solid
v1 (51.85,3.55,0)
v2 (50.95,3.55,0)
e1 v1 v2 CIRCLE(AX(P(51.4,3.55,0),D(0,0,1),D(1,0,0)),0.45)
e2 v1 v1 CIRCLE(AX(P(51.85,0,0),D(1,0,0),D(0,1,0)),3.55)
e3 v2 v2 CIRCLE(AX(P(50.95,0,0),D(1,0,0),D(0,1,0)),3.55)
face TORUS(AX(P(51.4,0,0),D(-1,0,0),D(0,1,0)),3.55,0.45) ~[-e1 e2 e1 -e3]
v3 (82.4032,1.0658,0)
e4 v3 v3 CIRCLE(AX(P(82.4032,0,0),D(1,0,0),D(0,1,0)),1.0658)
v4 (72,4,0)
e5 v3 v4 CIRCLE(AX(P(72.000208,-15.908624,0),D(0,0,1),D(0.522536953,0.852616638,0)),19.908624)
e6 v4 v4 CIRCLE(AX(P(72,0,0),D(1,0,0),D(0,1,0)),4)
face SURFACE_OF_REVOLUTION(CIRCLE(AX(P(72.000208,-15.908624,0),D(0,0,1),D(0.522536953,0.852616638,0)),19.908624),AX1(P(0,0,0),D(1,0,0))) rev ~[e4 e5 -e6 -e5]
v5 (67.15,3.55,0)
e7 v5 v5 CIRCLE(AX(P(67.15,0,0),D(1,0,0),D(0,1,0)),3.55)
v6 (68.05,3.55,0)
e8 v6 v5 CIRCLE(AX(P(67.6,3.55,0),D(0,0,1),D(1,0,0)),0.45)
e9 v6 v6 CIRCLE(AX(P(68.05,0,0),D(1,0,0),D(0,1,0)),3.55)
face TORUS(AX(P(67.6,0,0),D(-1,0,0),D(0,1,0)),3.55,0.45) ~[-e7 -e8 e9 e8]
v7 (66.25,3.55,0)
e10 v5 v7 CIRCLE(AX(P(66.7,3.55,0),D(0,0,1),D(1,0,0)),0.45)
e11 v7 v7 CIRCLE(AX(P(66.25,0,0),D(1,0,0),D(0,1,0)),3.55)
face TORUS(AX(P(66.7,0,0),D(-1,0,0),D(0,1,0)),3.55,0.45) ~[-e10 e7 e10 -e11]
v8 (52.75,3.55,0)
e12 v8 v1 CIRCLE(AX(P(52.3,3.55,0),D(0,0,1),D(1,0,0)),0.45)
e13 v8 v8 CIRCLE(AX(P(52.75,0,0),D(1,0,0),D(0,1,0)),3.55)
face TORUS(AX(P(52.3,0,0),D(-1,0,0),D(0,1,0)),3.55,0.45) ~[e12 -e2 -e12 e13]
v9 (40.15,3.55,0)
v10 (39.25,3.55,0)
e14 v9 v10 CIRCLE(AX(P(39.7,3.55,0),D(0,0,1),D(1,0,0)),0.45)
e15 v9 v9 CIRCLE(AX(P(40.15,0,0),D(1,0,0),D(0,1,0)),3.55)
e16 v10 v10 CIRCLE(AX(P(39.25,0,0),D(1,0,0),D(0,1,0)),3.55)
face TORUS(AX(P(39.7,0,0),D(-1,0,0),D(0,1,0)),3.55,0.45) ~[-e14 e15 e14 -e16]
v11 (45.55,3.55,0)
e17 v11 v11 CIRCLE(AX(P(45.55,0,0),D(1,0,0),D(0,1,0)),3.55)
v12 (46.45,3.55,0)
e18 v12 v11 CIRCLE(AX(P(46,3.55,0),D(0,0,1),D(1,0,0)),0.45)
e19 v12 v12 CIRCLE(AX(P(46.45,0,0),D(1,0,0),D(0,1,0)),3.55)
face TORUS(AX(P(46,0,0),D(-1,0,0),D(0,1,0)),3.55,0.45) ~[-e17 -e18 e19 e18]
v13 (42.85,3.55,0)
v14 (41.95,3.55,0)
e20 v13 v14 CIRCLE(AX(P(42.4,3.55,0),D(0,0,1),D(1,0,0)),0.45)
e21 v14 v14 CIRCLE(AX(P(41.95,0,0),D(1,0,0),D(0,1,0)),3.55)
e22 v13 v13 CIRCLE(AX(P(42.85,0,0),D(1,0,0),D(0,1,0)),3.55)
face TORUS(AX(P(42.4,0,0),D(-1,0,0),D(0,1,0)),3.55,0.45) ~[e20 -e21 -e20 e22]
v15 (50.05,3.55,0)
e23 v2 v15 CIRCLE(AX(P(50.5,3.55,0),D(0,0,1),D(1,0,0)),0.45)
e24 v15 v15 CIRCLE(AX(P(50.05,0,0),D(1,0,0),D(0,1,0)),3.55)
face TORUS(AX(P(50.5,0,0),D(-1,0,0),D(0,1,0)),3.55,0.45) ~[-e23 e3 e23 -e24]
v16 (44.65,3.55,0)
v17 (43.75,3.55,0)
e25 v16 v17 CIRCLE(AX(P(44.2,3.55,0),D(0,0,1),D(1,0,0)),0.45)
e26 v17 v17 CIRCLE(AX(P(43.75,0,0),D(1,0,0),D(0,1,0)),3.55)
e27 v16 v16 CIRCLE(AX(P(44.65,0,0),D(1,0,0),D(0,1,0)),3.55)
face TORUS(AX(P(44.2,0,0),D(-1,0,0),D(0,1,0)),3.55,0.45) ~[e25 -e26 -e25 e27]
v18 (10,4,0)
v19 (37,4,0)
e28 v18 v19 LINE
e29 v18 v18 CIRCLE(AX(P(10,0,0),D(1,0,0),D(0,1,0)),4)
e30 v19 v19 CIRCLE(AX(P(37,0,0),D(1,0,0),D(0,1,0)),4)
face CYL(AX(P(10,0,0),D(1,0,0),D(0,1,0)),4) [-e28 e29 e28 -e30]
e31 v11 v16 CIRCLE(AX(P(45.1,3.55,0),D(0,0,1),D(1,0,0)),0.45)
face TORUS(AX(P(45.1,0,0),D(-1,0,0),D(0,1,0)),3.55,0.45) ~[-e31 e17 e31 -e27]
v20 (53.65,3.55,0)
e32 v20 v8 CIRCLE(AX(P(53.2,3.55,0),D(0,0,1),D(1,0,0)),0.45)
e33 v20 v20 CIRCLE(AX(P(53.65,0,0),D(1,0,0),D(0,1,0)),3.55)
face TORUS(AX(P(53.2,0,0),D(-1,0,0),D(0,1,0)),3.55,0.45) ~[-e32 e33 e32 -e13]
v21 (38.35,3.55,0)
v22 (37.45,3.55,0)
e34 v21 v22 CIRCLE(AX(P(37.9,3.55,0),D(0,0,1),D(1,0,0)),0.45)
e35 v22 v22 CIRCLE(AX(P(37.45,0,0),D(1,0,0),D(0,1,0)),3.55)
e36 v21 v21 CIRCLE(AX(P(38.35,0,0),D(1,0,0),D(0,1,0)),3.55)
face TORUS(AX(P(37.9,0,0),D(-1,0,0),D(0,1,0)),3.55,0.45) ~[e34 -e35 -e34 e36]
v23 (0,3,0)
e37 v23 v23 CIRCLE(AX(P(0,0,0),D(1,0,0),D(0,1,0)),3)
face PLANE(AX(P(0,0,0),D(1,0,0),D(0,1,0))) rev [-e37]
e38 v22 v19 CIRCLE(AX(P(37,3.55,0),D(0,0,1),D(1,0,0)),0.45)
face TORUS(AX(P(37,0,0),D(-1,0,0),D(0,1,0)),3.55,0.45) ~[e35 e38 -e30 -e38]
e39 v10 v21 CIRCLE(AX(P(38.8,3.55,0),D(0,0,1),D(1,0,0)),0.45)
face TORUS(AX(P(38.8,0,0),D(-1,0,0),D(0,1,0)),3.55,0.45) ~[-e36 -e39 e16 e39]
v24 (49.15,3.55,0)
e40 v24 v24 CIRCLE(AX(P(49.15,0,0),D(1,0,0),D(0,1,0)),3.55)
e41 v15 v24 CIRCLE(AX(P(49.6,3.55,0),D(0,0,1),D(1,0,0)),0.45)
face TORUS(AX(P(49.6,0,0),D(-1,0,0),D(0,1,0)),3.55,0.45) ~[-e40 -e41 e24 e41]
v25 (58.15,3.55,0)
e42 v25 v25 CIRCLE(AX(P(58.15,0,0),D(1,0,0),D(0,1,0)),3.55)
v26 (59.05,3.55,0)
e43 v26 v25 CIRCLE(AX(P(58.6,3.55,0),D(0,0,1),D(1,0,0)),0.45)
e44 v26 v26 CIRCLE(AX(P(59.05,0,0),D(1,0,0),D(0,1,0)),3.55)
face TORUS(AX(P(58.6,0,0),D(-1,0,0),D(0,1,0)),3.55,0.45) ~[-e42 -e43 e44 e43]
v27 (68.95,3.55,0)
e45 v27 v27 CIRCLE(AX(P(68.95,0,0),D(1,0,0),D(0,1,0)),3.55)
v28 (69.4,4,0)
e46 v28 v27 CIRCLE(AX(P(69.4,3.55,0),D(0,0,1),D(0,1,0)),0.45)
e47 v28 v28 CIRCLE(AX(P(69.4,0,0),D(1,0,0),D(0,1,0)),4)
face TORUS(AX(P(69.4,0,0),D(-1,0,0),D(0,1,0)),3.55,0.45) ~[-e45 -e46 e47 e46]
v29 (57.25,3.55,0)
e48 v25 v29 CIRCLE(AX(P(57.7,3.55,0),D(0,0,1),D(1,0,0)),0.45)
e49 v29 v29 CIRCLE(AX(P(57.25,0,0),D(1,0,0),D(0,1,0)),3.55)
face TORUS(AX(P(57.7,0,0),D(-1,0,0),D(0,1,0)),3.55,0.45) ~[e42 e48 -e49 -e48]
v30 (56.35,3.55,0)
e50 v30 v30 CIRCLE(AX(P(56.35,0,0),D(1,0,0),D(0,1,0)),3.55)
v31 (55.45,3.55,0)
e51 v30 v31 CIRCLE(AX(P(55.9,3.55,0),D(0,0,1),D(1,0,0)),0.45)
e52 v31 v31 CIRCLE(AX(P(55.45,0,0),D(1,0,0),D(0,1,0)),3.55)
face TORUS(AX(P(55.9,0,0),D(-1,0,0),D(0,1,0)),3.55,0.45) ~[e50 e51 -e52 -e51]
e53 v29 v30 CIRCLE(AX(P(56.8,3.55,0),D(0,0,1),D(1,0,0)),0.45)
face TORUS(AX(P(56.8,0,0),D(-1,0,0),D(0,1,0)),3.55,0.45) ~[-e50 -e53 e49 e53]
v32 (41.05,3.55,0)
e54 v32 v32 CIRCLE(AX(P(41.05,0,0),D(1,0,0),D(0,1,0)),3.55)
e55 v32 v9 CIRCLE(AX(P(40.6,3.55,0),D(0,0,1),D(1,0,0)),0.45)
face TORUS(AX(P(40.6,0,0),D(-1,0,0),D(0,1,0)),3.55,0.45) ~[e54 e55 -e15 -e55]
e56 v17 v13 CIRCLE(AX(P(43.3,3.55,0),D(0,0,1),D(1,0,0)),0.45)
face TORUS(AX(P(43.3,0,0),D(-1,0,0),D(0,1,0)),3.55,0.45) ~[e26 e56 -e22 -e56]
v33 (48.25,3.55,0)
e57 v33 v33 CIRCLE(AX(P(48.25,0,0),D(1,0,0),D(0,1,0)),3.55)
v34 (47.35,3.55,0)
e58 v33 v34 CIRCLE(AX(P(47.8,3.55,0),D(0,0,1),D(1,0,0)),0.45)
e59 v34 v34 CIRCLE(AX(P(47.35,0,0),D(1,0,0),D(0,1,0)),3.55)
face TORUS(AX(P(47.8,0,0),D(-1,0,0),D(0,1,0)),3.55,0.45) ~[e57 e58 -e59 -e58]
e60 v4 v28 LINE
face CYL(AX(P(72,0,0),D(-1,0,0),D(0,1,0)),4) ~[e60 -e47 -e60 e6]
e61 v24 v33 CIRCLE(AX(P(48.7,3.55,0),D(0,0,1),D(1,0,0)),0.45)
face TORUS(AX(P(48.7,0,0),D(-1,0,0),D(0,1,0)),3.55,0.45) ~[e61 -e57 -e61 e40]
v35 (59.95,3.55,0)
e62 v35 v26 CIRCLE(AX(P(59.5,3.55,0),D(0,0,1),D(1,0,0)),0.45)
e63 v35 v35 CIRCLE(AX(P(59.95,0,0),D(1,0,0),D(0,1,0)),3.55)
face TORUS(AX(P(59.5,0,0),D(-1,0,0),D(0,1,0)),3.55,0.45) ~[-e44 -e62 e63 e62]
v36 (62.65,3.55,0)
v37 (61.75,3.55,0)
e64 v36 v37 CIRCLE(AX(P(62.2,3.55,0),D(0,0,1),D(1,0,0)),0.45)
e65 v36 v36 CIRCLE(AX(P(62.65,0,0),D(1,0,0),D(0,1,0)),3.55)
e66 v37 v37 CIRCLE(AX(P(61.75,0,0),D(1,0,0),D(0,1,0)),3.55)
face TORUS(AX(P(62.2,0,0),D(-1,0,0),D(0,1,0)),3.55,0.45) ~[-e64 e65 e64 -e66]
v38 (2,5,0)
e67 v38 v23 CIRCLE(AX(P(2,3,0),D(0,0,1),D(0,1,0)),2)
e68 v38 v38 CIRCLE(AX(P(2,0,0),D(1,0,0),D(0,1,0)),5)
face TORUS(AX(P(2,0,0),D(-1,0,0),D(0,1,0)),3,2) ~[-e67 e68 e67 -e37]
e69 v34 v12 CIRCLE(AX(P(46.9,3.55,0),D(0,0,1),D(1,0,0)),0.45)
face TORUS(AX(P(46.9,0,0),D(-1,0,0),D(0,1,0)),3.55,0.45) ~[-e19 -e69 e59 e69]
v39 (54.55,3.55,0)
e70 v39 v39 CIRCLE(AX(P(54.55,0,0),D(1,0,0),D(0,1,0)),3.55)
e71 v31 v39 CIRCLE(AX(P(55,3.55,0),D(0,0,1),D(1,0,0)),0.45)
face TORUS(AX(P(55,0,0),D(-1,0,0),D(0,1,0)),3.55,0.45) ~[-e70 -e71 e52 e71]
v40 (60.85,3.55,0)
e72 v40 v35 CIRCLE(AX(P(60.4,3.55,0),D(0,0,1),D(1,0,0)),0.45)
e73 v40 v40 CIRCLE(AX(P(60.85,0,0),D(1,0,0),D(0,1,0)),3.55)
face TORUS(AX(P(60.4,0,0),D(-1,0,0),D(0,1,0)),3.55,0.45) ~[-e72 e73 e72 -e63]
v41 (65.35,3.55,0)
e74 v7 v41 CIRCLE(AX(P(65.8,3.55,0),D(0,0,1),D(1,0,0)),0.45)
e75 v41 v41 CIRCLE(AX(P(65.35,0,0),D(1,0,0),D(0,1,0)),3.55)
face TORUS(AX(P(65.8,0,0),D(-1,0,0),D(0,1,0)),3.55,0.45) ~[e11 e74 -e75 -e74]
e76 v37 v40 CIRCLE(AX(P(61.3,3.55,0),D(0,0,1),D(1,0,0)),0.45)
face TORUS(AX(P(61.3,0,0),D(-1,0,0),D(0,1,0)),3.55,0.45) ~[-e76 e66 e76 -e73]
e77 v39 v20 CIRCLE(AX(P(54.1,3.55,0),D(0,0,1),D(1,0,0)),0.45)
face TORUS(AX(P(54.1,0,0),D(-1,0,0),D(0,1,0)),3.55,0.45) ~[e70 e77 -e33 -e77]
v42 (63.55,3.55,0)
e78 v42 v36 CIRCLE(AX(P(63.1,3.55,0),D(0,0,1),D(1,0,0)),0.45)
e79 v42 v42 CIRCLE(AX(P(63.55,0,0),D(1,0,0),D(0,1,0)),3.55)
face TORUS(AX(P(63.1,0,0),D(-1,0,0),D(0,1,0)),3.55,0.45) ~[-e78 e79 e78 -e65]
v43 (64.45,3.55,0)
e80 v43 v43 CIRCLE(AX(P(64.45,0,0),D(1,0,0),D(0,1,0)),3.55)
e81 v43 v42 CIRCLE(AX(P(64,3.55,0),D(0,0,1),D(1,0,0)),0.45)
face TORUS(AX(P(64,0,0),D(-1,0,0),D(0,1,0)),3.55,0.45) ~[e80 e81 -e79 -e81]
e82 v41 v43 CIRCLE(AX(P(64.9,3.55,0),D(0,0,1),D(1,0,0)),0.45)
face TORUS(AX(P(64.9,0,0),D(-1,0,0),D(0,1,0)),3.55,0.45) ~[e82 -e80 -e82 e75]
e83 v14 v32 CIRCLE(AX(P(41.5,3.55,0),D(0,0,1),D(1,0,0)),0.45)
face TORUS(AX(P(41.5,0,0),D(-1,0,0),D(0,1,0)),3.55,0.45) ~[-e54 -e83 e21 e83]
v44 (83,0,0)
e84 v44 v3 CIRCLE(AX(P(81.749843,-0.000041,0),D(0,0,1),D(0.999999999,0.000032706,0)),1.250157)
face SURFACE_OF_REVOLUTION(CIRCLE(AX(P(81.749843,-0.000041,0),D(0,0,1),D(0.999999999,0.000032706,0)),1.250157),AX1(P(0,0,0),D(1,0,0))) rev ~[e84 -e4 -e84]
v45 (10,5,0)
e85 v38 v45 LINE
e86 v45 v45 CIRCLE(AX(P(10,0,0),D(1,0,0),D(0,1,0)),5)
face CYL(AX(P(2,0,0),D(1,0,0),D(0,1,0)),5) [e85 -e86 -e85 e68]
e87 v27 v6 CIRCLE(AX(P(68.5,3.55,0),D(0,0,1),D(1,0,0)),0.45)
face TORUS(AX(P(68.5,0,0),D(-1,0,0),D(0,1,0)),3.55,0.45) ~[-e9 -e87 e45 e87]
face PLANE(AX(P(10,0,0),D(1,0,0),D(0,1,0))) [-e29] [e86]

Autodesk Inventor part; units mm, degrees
ref_plane "YZ Plane" through (0, 0, 0) normal (1, 0, 0) x (0, 1, 0)
ref_plane "XZ Plane" through (0, 0, 0) normal (0, 1, 0) x (-1, 0, 0)
ref_plane "XY Plane" through (0, 0, 0) normal (0, 0, 1) x (1, 0, 0)
sketch "Esboço3" plane through (0, 0, 0) normal (0, 0, 1) x (1, 0, 0)
  arc A0 (37.45, 3.55) -> (37, 4) centre (37, 3.55) ccw
  line L0 (37, 3.55) -> (38.525, 3.55) construction
  arc A1 (38.35, 3.55) -> (37.45, 3.55) centre (37.9, 3.55) ccw
  line L1 (0, 0) -> (87.7294, 0) construction
  line L2 (0, 0) -> (0, 3)
  line L3 (2, 5) -> (10, 5)
  line L4 (10, 5) -> (10, 4)
  line L5 (10, 4) -> (37, 4)
  arc A2 (2, 5) -> (0, 3) centre (2, 3) ccw
  arc A3 (39.25, 3.55) -> (38.35, 3.55) centre (38.8, 3.55) ccw
  arc A4 (40.15, 3.55) -> (39.25, 3.55) centre (39.7, 3.55) ccw
  arc A5 (41.05, 3.55) -> (40.15, 3.55) centre (40.6, 3.55) ccw
  arc A6 (41.95, 3.55) -> (41.05, 3.55) centre (41.5, 3.55) ccw
  arc A7 (42.85, 3.55) -> (41.95, 3.55) centre (42.4, 3.55) ccw
  arc A8 (43.75, 3.55) -> (42.85, 3.55) centre (43.3, 3.55) ccw
  arc A9 (44.65, 3.55) -> (43.75, 3.55) centre (44.2, 3.55) ccw
  arc A10 (45.55, 3.55) -> (44.65, 3.55) centre (45.1, 3.55) ccw
  arc A11 (46.45, 3.55) -> (45.55, 3.55) centre (46, 3.55) ccw
  arc A12 (47.35, 3.55) -> (46.45, 3.55) centre (46.9, 3.55) ccw
  arc A13 (48.25, 3.55) -> (47.35, 3.55) centre (47.8, 3.55) ccw
  arc A14 (49.15, 3.55) -> (48.25, 3.55) centre (48.7, 3.55) ccw
  arc A15 (50.05, 3.55) -> (49.15, 3.55) centre (49.6, 3.55) ccw
  arc A16 (50.95, 3.55) -> (50.05, 3.55) centre (50.5, 3.55) ccw
  arc A17 (51.85, 3.55) -> (50.95, 3.55) centre (51.4, 3.55) ccw
  arc A18 (52.75, 3.55) -> (51.85, 3.55) centre (52.3, 3.55) ccw
  arc A19 (53.65, 3.55) -> (52.75, 3.55) centre (53.2, 3.55) ccw
  arc A20 (54.55, 3.55) -> (53.65, 3.55) centre (54.1, 3.55) ccw
  arc A21 (55.45, 3.55) -> (54.55, 3.55) centre (55, 3.55) ccw
  arc A22 (56.35, 3.55) -> (55.45, 3.55) centre (55.9, 3.55) ccw
  arc A23 (57.25, 3.55) -> (56.35, 3.55) centre (56.8, 3.55) ccw
  arc A24 (58.15, 3.55) -> (57.25, 3.55) centre (57.7, 3.55) ccw
  arc A25 (59.05, 3.55) -> (58.15, 3.55) centre (58.6, 3.55) ccw
  arc A26 (59.95, 3.55) -> (59.05, 3.55) centre (59.5, 3.55) ccw
  arc A27 (60.85, 3.55) -> (59.95, 3.55) centre (60.4, 3.55) ccw
  arc A28 (61.75, 3.55) -> (60.85, 3.55) centre (61.3, 3.55) ccw
  arc A29 (62.65, 3.55) -> (61.75, 3.55) centre (62.2, 3.55) ccw
  arc A30 (63.55, 3.55) -> (62.65, 3.55) centre (63.1, 3.55) ccw
  arc A31 (64.45, 3.55) -> (63.55, 3.55) centre (64, 3.55) ccw
  arc A32 (65.35, 3.55) -> (64.45, 3.55) centre (64.9, 3.55) ccw
  arc A33 (66.25, 3.55) -> (65.35, 3.55) centre (65.8, 3.55) ccw
  arc A34 (67.15, 3.55) -> (66.25, 3.55) centre (66.7, 3.55) ccw
  arc A35 (68.05, 3.55) -> (67.15, 3.55) centre (67.6, 3.55) ccw
  arc A36 (68.95, 3.55) -> (68.05, 3.55) centre (68.5, 3.55) ccw
  arc A37 (69.4, 4) -> (68.95, 3.55) centre (69.4, 3.55) ccw
  arc A38 (83, 0) -> (82.4032, 1.0658) centre (81.75, 0) ccw
  arc A39 (82.4032, 1.0658) -> (72, 4) centre (72, -15.9091) ccw
  line L6 (0, 0) -> (83, 0)
  line L7 (72, 4) -> (69.4, 4)
  line L8 (0, 0) -> (0.1769, 0) construction
  line L9 (0, 0) -> (0, 0.116) construction
  line L10 (37, 4) -> (69.4, 4) construction
  point P0 (37.45, 3.55)
  dimension "d8" = 0.9
  dimension "d9" = 0.9
  dimension "d10" = 1
  dimension "d11" = 2
  dimension "d14" = 0.9
  dimension "d19" = 0.9
  dimension "d20" = 2.5
  dimension "d21" = 5
  dimension "d22" = 10
  dimension "d23" = 4
  dimension "d25" = 72
  dimension "d26" = 83
  dimension "d29" = 0.45
  dimension "d31" = 32.4
  dimension "d32" = 37
revolve "Revolução1" add sketch "Esboço3" angle 360 about axis through (0, 0, 0) along (1, 0, 0)
properties part number "Caneta - IHM"
